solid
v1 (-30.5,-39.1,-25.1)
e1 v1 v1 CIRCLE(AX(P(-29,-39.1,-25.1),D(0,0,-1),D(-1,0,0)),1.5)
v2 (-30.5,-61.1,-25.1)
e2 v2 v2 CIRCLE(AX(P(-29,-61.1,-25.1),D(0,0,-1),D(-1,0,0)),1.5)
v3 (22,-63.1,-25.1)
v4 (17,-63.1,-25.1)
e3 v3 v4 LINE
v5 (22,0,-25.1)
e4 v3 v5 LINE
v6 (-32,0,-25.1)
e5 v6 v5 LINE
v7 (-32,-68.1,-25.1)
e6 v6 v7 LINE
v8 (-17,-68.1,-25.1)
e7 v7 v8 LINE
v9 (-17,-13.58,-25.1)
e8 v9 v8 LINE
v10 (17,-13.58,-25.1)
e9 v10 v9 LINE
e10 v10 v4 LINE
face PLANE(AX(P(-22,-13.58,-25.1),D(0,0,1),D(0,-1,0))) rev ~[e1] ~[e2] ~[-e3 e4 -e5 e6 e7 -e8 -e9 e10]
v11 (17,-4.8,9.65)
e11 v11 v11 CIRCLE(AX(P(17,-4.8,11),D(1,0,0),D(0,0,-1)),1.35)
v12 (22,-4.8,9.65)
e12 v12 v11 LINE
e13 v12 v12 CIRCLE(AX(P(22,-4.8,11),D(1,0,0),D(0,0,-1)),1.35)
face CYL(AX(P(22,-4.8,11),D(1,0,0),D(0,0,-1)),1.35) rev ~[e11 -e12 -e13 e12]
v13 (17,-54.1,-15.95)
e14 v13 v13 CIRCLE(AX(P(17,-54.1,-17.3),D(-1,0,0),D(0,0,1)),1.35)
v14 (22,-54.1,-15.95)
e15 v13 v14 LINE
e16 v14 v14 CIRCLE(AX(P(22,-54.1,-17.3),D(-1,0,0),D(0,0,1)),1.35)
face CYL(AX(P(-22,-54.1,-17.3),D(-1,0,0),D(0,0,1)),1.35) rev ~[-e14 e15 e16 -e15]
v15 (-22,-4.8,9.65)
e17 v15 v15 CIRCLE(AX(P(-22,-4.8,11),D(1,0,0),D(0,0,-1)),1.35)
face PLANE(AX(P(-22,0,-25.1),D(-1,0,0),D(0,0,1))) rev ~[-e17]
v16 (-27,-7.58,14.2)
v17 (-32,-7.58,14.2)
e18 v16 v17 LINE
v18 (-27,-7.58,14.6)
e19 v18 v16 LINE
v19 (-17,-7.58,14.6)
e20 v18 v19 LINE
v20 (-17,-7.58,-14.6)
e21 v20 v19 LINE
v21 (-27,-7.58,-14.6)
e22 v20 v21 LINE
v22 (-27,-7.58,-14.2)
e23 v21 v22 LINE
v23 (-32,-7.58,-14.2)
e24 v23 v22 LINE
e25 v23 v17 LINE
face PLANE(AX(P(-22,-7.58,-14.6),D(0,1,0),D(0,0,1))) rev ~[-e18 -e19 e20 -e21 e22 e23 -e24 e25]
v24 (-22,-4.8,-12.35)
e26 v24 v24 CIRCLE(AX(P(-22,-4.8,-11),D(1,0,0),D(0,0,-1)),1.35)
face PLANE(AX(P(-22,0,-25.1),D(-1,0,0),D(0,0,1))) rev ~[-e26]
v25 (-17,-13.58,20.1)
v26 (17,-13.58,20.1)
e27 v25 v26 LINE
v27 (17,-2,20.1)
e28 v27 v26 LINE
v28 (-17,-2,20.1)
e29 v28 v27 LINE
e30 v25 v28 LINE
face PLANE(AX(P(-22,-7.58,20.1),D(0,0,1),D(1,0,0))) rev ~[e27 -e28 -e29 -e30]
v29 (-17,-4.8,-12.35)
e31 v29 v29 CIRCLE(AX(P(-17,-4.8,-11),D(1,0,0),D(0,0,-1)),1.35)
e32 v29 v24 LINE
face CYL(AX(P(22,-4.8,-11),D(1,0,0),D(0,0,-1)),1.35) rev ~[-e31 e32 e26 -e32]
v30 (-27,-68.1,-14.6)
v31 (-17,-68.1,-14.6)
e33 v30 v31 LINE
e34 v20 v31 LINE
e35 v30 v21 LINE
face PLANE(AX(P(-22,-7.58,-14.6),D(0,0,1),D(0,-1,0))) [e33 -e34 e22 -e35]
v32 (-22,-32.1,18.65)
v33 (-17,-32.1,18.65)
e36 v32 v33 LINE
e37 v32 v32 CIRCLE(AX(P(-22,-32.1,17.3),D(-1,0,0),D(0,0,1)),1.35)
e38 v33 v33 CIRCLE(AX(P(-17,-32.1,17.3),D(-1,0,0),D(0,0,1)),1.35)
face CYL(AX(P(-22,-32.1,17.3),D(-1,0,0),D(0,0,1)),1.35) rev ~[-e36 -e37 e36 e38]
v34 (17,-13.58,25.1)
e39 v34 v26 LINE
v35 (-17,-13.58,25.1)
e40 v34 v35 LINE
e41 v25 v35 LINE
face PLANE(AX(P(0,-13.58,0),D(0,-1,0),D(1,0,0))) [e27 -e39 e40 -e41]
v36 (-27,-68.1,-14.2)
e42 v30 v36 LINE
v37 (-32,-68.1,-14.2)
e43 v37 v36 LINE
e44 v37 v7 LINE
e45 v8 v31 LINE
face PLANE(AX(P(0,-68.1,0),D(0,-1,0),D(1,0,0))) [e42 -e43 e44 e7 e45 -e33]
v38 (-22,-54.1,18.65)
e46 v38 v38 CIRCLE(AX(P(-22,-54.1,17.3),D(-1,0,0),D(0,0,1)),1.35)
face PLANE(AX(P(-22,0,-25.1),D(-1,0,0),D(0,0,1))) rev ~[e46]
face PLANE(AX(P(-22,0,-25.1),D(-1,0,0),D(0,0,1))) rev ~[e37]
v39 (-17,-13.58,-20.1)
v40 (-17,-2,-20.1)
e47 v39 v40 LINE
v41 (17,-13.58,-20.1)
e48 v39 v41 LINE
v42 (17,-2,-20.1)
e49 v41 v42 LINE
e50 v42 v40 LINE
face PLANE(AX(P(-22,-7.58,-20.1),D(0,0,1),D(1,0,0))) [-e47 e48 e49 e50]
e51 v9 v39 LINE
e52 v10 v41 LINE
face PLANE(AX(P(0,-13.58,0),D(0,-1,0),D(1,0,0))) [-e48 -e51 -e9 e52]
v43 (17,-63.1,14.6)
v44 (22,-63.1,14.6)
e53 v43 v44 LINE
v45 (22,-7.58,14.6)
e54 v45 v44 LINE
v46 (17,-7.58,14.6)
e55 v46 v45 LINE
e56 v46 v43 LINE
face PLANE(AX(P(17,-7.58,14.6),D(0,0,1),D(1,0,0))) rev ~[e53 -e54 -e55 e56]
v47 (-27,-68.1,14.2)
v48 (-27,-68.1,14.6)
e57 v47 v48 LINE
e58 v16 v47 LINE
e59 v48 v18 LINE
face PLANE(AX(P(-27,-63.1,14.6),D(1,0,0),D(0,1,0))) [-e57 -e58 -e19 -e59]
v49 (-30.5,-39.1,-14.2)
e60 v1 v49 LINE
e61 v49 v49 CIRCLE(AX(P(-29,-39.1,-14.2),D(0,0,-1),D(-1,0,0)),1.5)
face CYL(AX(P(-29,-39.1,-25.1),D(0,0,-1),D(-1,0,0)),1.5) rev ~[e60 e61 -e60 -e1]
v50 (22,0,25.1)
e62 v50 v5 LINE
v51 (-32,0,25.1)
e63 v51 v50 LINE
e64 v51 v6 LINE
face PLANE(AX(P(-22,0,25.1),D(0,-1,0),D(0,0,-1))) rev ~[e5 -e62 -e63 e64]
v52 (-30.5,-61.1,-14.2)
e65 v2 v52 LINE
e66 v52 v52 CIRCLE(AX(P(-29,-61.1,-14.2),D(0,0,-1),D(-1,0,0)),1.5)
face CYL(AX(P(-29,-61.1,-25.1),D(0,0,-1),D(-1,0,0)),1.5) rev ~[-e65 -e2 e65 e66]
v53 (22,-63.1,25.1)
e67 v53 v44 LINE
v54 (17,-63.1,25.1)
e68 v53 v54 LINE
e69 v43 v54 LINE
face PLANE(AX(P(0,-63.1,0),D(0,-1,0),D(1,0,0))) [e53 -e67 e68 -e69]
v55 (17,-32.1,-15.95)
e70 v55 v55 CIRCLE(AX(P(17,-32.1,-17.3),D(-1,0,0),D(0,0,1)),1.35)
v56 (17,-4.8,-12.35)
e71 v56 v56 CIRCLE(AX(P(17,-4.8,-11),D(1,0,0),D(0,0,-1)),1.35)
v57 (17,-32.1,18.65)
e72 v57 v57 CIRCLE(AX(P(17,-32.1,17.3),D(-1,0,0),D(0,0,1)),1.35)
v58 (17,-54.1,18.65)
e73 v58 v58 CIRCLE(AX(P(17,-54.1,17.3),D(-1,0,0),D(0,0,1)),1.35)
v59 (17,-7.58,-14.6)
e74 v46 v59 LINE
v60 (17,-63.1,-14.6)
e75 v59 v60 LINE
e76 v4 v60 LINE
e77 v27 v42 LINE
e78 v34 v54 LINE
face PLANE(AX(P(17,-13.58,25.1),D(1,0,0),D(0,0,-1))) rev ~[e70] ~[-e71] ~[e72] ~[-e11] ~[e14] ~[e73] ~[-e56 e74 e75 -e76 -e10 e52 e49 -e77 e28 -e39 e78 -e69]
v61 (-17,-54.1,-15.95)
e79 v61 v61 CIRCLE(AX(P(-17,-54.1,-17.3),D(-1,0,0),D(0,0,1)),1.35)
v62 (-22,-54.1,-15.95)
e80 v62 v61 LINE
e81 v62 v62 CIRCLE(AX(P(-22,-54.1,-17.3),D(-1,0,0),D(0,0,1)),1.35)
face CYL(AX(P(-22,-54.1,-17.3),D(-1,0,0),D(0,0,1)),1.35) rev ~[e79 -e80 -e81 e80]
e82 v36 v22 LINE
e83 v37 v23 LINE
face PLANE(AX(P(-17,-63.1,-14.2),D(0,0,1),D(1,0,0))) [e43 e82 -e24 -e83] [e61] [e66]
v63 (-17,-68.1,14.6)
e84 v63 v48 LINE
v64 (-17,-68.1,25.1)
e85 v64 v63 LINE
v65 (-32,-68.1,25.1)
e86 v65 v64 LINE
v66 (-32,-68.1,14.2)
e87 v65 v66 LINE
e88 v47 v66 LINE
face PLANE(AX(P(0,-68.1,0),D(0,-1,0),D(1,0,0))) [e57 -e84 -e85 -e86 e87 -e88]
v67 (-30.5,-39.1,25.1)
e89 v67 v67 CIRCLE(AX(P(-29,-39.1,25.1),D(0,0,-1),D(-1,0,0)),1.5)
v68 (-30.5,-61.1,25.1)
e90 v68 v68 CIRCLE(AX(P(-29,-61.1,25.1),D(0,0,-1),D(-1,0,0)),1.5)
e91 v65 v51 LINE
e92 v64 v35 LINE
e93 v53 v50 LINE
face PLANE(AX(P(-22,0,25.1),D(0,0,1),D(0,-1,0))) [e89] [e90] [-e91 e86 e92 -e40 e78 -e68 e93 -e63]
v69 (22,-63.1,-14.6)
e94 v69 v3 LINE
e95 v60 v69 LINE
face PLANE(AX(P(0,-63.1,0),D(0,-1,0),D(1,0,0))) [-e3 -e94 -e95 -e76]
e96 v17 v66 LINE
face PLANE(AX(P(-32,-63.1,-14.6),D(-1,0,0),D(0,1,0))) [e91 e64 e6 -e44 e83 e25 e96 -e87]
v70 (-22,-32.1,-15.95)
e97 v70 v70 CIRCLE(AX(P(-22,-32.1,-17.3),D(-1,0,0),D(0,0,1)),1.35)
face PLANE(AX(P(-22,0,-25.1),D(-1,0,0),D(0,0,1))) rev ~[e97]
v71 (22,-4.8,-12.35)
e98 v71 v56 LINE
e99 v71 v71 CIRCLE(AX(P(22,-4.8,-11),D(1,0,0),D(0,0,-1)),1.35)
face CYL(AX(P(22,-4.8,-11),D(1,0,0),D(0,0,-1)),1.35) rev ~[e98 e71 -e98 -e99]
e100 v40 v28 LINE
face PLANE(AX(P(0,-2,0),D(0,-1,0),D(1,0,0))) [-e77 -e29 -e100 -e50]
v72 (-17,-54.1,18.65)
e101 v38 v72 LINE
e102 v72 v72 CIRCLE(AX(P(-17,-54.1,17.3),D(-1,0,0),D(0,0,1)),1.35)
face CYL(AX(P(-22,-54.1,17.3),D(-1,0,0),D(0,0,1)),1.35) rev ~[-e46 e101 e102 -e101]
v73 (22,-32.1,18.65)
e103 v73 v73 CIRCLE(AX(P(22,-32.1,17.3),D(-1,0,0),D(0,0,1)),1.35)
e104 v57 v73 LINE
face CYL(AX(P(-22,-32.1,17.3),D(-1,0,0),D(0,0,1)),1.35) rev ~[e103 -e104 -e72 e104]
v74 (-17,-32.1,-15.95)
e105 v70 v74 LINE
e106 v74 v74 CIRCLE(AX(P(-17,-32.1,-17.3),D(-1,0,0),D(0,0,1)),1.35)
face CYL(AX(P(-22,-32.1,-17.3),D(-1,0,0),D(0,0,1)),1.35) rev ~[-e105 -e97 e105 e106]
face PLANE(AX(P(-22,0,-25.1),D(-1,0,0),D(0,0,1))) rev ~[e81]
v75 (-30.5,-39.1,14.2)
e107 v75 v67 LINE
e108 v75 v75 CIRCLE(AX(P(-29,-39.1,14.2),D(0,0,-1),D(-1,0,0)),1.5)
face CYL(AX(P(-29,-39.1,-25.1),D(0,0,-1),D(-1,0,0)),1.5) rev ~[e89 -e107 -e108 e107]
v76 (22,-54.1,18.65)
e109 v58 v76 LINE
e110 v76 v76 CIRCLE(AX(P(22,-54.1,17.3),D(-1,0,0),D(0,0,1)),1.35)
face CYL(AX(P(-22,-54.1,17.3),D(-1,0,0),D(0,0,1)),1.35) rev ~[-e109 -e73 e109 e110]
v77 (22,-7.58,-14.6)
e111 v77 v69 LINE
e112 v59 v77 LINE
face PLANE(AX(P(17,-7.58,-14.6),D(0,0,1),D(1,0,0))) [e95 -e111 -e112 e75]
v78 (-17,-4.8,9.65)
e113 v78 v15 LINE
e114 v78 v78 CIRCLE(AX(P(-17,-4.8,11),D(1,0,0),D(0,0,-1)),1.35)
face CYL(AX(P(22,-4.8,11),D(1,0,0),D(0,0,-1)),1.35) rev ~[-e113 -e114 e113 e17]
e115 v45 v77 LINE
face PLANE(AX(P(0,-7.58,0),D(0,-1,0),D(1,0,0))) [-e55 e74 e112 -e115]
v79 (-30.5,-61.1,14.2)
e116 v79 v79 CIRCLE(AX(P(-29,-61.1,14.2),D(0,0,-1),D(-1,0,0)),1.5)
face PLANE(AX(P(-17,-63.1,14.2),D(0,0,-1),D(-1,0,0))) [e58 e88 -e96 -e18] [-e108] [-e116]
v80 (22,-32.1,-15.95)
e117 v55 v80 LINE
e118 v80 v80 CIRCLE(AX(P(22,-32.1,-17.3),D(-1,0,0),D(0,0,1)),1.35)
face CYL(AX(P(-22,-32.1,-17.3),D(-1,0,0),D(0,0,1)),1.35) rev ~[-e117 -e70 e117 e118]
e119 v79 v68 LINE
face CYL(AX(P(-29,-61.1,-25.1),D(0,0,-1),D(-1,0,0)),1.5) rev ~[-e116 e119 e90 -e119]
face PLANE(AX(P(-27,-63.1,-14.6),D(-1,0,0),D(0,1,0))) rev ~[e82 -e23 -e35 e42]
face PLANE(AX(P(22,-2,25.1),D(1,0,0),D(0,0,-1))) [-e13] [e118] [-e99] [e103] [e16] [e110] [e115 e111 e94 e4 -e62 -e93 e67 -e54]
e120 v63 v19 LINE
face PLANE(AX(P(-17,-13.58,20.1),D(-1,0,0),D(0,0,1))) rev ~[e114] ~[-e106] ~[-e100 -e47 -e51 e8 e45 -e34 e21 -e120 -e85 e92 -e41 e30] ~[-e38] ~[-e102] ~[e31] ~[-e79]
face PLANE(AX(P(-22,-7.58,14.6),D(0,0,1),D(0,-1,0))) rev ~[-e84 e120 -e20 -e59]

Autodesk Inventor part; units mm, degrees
ref_plane "YZ Plane" through (0, 0, 0) normal (1, 0, 0) x (0, 1, 0)
ref_plane "XZ Plane" through (0, 0, 0) normal (0, 1, 0) x (-1, 0, 0)
ref_plane "XY Plane" through (0, 0, 0) normal (0, 0, 1) x (1, 0, 0)
sketch "스케치1" plane through (0, 0, 0) normal (0, 1, 0) x (-1, 0, 0)
  line L0 (22, -14) -> (-22, -14)
  line L1 (-22, -14) -> (-22, 14)
  line L2 (-22, 14) -> (22, 14)
  line L3 (22, 14) -> (22, -14)
  point P0 (0, 0)
  dimension "d0" = 44
  dimension "d1" = 22
  dimension "d2" = 28
  dimension "d3" = 14
extrude "돌출1" add sketch "스케치1" along normal blind 5
sketch "스케치2" plane through (-22, 0, 14) normal (0, 0, 1) x (1, 0, 0)
  circle A0 centre (33, 3) radius 1.5
  circle A1 centre (11, 3) radius 1.5
  line L0 (44, 0) -> (0, 0) projected
  line L1 (22, 0) -> (22, 5)
  line L2 (44, 5) -> (0, 5) projected
  dimension "d6" = 3
  dimension "d7" = 3
  dimension "d8" = 3
  dimension "d9" = 3
  dimension "d10" = 22
  dimension "d11" = 11
extrude "돌출2" cut sketch "스케치2" against normal blind 60
sketch "스케치3" plane through (0, 0, 0) normal (0, -1, 0) x (1, 0, 0)
  line L0 (-17, 14.5) -> (17, 14.5)
  line L1 (17, 14.5) -> (17, -14.5)
  line L2 (17, -14.5) -> (-17, -14.5)
  line L3 (-17, -14.5) -> (-17, 14.5)
  line L4 (22, -14) -> (-22, -14) projected
  line L5 (22, 25.1) -> (-22, 25.1)
  line L6 (-22, 25.1) -> (-22, -25.1)
  line L7 (-22, -25.1) -> (22, -25.1)
  line L8 (22, -25.1) -> (22, 25.1)
  point P0 (0, 0)
  dimension "d17" = 34
  dimension "d18" = 17
  dimension "d20" = 29
  dimension "d21" = 14.5
  dimension "d22" = 10.6
  dimension "d23" = 10.6
  dimension "d24" = 5
  dimension "d25" = 5
extrude "돌출3" add sketch "스케치3" along normal blind 2
sketch "스케치4" plane through (0, -2, 0) normal (0, -1, 0) x (1, 0, 0)
  line L0 (-22, 25.1) -> (-22, -25.1) projected
  line L1 (-22, -25.1) -> (22, -25.1) projected
  line L2 (-22, 25.1) -> (22, 25.1)
  line L3 (22, 25.1) -> (22, -25.1)
  line L4 (22, -25.1) -> (-22, -25.1)
  line L5 (-22, -25.1) -> (-22, 25.1)
  line L6 (-17, 20.1) -> (17, 20.1)
  line L7 (17, 20.1) -> (17, -20.1)
  line L8 (17, -20.1) -> (-17, -20.1)
  line L9 (-17, -20.1) -> (-17, 20.1)
  point P0 (0, 0)
  dimension "d28" = 5
  dimension "d29" = 5
  dimension "d30" = 5
  dimension "d31" = 5
extrude "돌출4" add sketch "스케치4" along normal blind 5.58
sketch "스케치5" plane through (22, 5, 14) normal (1, 0, 0) x (0, 0, -1)
  circle A0 centre (25, -9.8) radius 1.35
  circle A1 centre (3, -9.8) radius 1.35
  line L0 (39.1, -5) -> (28, -5) projected
  line L1 (0, -5) -> (-11.1, -5) projected
  point P0 (14, -5)
  dimension "d34" = 2.7
  dimension "d35" = 2.7
  dimension "d36" = 4.8
  dimension "d37" = 4.8
  dimension "d38" = 22
  dimension "d39" = 11
extrude "돌출5" cut sketch "스케치5" against normal blind 90
sketch "스케치6" plane through (0, -7.58, 0) normal (0, -1, 0) x (1, 0, 0)
  line L0 (22, -25.1) -> (-22, -25.1)
  line L1 (-22, -25.1) -> (-22, -20.1)
  line L2 (-22, -20.1) -> (22, -20.1)
  line L3 (22, -20.1) -> (22, -25.1)
  line L4 (22, 25.1) -> (-22, 25.1)
  line L5 (-22, 25.1) -> (-22, 20.1)
  line L6 (-22, 20.1) -> (22, 20.1)
  line L7 (22, 20.1) -> (22, 25.1)
  point P0 (0, 0)
  dimension "d42" = 5
  dimension "d43" = 5
extrude "돌출6" add sketch "스케치6" along normal blind 6
sketch "스케치7" plane through (0, -7.58, 0) normal (0, -1, 0) x (1, 0, 0)
  line L0 (22, -20.1) -> (-22, -20.1) projected
  line L1 (17, 20.1) -> (17, -20.1) projected
  line L2 (22, -20.1) -> (17, -20.1)
  line L3 (17, -20.1) -> (17, -14.6)
  line L4 (17, -14.6) -> (22, -14.6)
  line L5 (22, -14.6) -> (22, -20.1)
  line L6 (22, 14) -> (22, 25.1) projected
  line L7 (22, 20.1) -> (17, 20.1)
  line L8 (17, 20.1) -> (17, 14.6)
  line L9 (17, 14.6) -> (22, 14.6)
  line L10 (22, 14.6) -> (22, 20.1)
  line L11 (-22, -14) -> (-22, 14) projected
  line L12 (-17, -20.1) -> (-22, -20.1)
  line L13 (-22, -20.1) -> (-22, -14.6)
  line L14 (-22, -14.6) -> (-17, -14.6)
  line L15 (-17, -14.6) -> (-17, -20.1)
  line L16 (-17, 20.1) -> (-22, 20.1)
  line L17 (-22, 20.1) -> (-22, 14.6)
  line L18 (-22, 14.6) -> (-17, 14.6)
  line L19 (-17, 14.6) -> (-17, 20.1)
  line L20 (22, 20.1) -> (17, 20.1) projected
  point P0 (0, 0)
  dimension "d46" = 5.5
  dimension "d47" = 5.5
  dimension "d48" = 5.5
  dimension "d49" = 5.5
  dimension "d50" = 0
extrude "돌출7" add sketch "스케치7" along normal blind 55.52
sketch "스케치8" plane through (0, -13.58, 0) normal (0, -1, 0) x (1, 0, 0)
  line L0 (-22, -20.1) -> (-22, -25.1) projected
  line L1 (-17, -20.1) -> (-22, -20.1) projected
  line L2 (-22, -25.1) -> (-17, -25.1)
  line L3 (-17, -25.1) -> (-17, -20.1)
  line L4 (-17, -20.1) -> (-22, -20.1)
  line L5 (-22, -20.1) -> (-22, -25.1)
  line L6 (-17, -20.1) -> (17, -20.1) projected
  line L7 (22, -25.1) -> (22, -20.1) projected
  line L8 (17, -20.1) -> (22, -20.1)
  line L9 (22, -20.1) -> (22, -25.1)
  line L10 (22, -25.1) -> (17, -25.1)
  line L11 (17, -25.1) -> (17, -20.1)
  line L12 (17, -20.1) -> (17, 20.1) projected
  line L13 (22, 20.1) -> (22, 25.1) projected
  line L14 (17, 20.1) -> (22, 20.1)
  line L15 (22, 20.1) -> (22, 25.1)
  line L16 (22, 25.1) -> (17, 25.1)
  line L17 (17, 25.1) -> (17, 20.1)
  line L18 (-22, 25.1) -> (-22, 20.1) projected
  line L19 (22, 25.1) -> (-22, 25.1) projected
  line L20 (-22, 20.1) -> (-17, 20.1)
  line L21 (-17, 20.1) -> (-17, 25.1)
  line L22 (-17, 25.1) -> (-22, 25.1)
  line L23 (-22, 25.1) -> (-22, 20.1)
  point P0 (0, 0)
extrude "돌출8" add sketch "스케치8" along normal blind 49.52
sketch "스케치9" plane through (-22, 5, -14) normal (-1, 0, 0) x (0, 0, 1)
  circle A0 centre (31.3, -59.1) radius 1.35
  circle A1 centre (-3.3, -59.1) radius 1.35
  line L0 (-0.6, -68.1) -> (-11.1, -68.1) projected
  line L1 (39.1, -68.1) -> (28.6, -68.1) projected
  line L2 (39.1, -5) -> (39.1, -68.1) projected
  line L3 (-11.1, -5) -> (-11.1, -68.1) projected
  circle A2 centre (31.3, -37.1) radius 1.35
  circle A3 centre (-3.3, -37.1) radius 1.35
  point P0 (14, -5)
  dimension "d55" = 9
  dimension "d56" = 9
  dimension "d57" = 2.7
  dimension "d58" = 2.7
  dimension "d59" = 7.8
  dimension "d60" = 7.8
  dimension "d61" = 2.7
  dimension "d62" = 2.7
  dimension "d63" = 22
  dimension "d64" = 22
extrude "돌출9" cut sketch "스케치9" against normal blind 49.52
sketch "스케치11" plane through (-22, 5, -14) normal (-1, 0, 0) x (0, 0, 1)
  line L0 (28, 0) -> (0, 0) projected
  line L1 (0, -5) -> (-11.1, -5) projected
  line L2 (28, 0) -> (0, 0)
  line L3 (0, 0) -> (0, -5)
  line L4 (0, -5) -> (28, -5)
  line L5 (28, -5) -> (28, 0)
  point P0 (14, -5)
extrude "돌출11" cut sketch "스케치11" against normal blind 80
sketch "스케치14" plane through (-22, 0, -25.1) normal (-1, 0, 0) x (0, 0, 1)
  line L0 (0, -63.1) -> (10.5, -63.1) projected
  line L1 (0, -63.1) -> (10.5, -63.1)
  line L2 (10.5, -7.58) -> (10.5, -63.1) projected
  line L3 (10.5, -63.1) -> (10.5, -7.58)
  line L4 (10.5, -7.58) -> (39.7, -7.58)
  line L5 (39.7, -7.58) -> (39.7, -63.1) projected
  line L6 (39.7, -7.58) -> (39.7, -63.1)
  line L7 (39.7, -63.1) -> (50.2, -63.1) projected
  line L8 (39.7, -63.1) -> (50.2, -63.1)
  line L9 (50.2, 0) -> (50.2, -63.1) projected
  line L10 (50.2, -63.1) -> (50.2, 0)
  line L11 (50.2, 0) -> (0, 0) projected
  line L12 (50.2, 0) -> (0, 0)
  line L13 (0, -13.58) -> (0, -63.1) projected
  line L14 (0, 0) -> (0, -63.1)
  point P0 (25.1, 0)
extrude "돌출14" add sketch "스케치14" along normal blind 10
sketch "스케치15" plane through (-17, -63.1, 14.6) normal (0, 0, -1) x (-1, 0, 0)
  line L0 (15, 55.52) -> (15, 0) projected
  line L1 (0, 55.52) -> (15, 55.52) projected
  line L2 (15, 0) -> (10, 0)
  line L3 (10, 0) -> (10, 55.52)
  line L4 (10, 55.52) -> (15, 55.52)
  line L5 (15, 55.52) -> (15, 0)
  point P0 (-17, 63.1)
  dimension "d86" = 5
extrude "돌출15" add sketch "스케치15" along normal blind 0.4
sketch "스케치16" plane through (-17, -63.1, -14.6) normal (0, 0, 1) x (1, 0, 0)
  line L0 (-15, 0) -> (-15, 55.52) projected
  line L1 (-15, 55.52) -> (0, 55.52) projected
  line L2 (-15, 0) -> (-10, 0)
  line L3 (-10, 0) -> (-10, 55.52)
  line L4 (-10, 55.52) -> (-15, 55.52)
  line L5 (-15, 55.52) -> (-15, 0)
  point P0 (17, 63.1)
  dimension "d89" = 5
extrude "돌출16" add sketch "스케치16" along normal blind 0.4
sketch "스케치17" plane through (17, -13.58, -25.1) normal (0, 0, -1) x (-1, 0, 0)
  line L0 (13.776, -36.52) -> (66.3511, -36.52)
  line L1 (34, -49.52) -> (49, -49.52) projected
  circle A0 centre (46, -47.52) radius 1.5
  circle A1 centre (46, -25.52) radius 1.5
  line L2 (49, 13.58) -> (49, -49.52) projected
  point P0 (17, 13.58)
  dimension "d92" = 13
  dimension "d93" = 3
  dimension "d94" = 3
  dimension "d95" = 3
  dimension "d96" = 3
  dimension "d97" = 22
  dimension "d98" = 11
extrude "돌출17" cut sketch "스케치17" against normal blind 100
sketch "스케치18" plane through (0, -63.1, 0) normal (0, -1, 0) x (1, 0, 0)
  line L0 (-17, 25.1) -> (-17, 20.1) projected
  line L1 (-17, 14.6) -> (-27, 14.6) projected
  line L2 (-17, 25.1) -> (-27, 25.1)
  line L3 (-27, 25.1) -> (-27, 14.6)
  line L4 (-27, 14.6) -> (-17, 14.6)
  line L5 (-17, 14.6) -> (-17, 25.1)
  line L6 (-27, 14.2) -> (-32, 14.2) projected
  line L7 (-27, 25.1) -> (-32, 25.1)
  line L8 (-32, 25.1) -> (-32, 14.2)
  line L9 (-32, 14.2) -> (-27, 14.2)
  line L10 (-27, 14.2) -> (-27, 25.1)
  line L11 (-27, -14.6) -> (-17, -14.6) projected
  line L12 (22, -25.1) -> (-32, -25.1) projected
  line L13 (-17, -14.6) -> (-27, -14.6)
  line L14 (-27, -14.6) -> (-27, -25.1)
  line L15 (-27, -25.1) -> (-17, -25.1)
  line L16 (-17, -25.1) -> (-17, -14.6)
  line L17 (-32, -14.2) -> (-27, -14.2) projected
  line L18 (-32, 25.1) -> (-32, -25.1) projected
  line L19 (-27, -14.2) -> (-32, -14.2)
  line L20 (-32, -14.2) -> (-32, -25.1)
  line L21 (-32, -25.1) -> (-27, -25.1)
  line L22 (-27, -25.1) -> (-27, -14.2)
  point P0 (0, 0)
extrude "돌출18" add sketch "스케치18" along normal blind 5
properties part number "elbow_fore"
